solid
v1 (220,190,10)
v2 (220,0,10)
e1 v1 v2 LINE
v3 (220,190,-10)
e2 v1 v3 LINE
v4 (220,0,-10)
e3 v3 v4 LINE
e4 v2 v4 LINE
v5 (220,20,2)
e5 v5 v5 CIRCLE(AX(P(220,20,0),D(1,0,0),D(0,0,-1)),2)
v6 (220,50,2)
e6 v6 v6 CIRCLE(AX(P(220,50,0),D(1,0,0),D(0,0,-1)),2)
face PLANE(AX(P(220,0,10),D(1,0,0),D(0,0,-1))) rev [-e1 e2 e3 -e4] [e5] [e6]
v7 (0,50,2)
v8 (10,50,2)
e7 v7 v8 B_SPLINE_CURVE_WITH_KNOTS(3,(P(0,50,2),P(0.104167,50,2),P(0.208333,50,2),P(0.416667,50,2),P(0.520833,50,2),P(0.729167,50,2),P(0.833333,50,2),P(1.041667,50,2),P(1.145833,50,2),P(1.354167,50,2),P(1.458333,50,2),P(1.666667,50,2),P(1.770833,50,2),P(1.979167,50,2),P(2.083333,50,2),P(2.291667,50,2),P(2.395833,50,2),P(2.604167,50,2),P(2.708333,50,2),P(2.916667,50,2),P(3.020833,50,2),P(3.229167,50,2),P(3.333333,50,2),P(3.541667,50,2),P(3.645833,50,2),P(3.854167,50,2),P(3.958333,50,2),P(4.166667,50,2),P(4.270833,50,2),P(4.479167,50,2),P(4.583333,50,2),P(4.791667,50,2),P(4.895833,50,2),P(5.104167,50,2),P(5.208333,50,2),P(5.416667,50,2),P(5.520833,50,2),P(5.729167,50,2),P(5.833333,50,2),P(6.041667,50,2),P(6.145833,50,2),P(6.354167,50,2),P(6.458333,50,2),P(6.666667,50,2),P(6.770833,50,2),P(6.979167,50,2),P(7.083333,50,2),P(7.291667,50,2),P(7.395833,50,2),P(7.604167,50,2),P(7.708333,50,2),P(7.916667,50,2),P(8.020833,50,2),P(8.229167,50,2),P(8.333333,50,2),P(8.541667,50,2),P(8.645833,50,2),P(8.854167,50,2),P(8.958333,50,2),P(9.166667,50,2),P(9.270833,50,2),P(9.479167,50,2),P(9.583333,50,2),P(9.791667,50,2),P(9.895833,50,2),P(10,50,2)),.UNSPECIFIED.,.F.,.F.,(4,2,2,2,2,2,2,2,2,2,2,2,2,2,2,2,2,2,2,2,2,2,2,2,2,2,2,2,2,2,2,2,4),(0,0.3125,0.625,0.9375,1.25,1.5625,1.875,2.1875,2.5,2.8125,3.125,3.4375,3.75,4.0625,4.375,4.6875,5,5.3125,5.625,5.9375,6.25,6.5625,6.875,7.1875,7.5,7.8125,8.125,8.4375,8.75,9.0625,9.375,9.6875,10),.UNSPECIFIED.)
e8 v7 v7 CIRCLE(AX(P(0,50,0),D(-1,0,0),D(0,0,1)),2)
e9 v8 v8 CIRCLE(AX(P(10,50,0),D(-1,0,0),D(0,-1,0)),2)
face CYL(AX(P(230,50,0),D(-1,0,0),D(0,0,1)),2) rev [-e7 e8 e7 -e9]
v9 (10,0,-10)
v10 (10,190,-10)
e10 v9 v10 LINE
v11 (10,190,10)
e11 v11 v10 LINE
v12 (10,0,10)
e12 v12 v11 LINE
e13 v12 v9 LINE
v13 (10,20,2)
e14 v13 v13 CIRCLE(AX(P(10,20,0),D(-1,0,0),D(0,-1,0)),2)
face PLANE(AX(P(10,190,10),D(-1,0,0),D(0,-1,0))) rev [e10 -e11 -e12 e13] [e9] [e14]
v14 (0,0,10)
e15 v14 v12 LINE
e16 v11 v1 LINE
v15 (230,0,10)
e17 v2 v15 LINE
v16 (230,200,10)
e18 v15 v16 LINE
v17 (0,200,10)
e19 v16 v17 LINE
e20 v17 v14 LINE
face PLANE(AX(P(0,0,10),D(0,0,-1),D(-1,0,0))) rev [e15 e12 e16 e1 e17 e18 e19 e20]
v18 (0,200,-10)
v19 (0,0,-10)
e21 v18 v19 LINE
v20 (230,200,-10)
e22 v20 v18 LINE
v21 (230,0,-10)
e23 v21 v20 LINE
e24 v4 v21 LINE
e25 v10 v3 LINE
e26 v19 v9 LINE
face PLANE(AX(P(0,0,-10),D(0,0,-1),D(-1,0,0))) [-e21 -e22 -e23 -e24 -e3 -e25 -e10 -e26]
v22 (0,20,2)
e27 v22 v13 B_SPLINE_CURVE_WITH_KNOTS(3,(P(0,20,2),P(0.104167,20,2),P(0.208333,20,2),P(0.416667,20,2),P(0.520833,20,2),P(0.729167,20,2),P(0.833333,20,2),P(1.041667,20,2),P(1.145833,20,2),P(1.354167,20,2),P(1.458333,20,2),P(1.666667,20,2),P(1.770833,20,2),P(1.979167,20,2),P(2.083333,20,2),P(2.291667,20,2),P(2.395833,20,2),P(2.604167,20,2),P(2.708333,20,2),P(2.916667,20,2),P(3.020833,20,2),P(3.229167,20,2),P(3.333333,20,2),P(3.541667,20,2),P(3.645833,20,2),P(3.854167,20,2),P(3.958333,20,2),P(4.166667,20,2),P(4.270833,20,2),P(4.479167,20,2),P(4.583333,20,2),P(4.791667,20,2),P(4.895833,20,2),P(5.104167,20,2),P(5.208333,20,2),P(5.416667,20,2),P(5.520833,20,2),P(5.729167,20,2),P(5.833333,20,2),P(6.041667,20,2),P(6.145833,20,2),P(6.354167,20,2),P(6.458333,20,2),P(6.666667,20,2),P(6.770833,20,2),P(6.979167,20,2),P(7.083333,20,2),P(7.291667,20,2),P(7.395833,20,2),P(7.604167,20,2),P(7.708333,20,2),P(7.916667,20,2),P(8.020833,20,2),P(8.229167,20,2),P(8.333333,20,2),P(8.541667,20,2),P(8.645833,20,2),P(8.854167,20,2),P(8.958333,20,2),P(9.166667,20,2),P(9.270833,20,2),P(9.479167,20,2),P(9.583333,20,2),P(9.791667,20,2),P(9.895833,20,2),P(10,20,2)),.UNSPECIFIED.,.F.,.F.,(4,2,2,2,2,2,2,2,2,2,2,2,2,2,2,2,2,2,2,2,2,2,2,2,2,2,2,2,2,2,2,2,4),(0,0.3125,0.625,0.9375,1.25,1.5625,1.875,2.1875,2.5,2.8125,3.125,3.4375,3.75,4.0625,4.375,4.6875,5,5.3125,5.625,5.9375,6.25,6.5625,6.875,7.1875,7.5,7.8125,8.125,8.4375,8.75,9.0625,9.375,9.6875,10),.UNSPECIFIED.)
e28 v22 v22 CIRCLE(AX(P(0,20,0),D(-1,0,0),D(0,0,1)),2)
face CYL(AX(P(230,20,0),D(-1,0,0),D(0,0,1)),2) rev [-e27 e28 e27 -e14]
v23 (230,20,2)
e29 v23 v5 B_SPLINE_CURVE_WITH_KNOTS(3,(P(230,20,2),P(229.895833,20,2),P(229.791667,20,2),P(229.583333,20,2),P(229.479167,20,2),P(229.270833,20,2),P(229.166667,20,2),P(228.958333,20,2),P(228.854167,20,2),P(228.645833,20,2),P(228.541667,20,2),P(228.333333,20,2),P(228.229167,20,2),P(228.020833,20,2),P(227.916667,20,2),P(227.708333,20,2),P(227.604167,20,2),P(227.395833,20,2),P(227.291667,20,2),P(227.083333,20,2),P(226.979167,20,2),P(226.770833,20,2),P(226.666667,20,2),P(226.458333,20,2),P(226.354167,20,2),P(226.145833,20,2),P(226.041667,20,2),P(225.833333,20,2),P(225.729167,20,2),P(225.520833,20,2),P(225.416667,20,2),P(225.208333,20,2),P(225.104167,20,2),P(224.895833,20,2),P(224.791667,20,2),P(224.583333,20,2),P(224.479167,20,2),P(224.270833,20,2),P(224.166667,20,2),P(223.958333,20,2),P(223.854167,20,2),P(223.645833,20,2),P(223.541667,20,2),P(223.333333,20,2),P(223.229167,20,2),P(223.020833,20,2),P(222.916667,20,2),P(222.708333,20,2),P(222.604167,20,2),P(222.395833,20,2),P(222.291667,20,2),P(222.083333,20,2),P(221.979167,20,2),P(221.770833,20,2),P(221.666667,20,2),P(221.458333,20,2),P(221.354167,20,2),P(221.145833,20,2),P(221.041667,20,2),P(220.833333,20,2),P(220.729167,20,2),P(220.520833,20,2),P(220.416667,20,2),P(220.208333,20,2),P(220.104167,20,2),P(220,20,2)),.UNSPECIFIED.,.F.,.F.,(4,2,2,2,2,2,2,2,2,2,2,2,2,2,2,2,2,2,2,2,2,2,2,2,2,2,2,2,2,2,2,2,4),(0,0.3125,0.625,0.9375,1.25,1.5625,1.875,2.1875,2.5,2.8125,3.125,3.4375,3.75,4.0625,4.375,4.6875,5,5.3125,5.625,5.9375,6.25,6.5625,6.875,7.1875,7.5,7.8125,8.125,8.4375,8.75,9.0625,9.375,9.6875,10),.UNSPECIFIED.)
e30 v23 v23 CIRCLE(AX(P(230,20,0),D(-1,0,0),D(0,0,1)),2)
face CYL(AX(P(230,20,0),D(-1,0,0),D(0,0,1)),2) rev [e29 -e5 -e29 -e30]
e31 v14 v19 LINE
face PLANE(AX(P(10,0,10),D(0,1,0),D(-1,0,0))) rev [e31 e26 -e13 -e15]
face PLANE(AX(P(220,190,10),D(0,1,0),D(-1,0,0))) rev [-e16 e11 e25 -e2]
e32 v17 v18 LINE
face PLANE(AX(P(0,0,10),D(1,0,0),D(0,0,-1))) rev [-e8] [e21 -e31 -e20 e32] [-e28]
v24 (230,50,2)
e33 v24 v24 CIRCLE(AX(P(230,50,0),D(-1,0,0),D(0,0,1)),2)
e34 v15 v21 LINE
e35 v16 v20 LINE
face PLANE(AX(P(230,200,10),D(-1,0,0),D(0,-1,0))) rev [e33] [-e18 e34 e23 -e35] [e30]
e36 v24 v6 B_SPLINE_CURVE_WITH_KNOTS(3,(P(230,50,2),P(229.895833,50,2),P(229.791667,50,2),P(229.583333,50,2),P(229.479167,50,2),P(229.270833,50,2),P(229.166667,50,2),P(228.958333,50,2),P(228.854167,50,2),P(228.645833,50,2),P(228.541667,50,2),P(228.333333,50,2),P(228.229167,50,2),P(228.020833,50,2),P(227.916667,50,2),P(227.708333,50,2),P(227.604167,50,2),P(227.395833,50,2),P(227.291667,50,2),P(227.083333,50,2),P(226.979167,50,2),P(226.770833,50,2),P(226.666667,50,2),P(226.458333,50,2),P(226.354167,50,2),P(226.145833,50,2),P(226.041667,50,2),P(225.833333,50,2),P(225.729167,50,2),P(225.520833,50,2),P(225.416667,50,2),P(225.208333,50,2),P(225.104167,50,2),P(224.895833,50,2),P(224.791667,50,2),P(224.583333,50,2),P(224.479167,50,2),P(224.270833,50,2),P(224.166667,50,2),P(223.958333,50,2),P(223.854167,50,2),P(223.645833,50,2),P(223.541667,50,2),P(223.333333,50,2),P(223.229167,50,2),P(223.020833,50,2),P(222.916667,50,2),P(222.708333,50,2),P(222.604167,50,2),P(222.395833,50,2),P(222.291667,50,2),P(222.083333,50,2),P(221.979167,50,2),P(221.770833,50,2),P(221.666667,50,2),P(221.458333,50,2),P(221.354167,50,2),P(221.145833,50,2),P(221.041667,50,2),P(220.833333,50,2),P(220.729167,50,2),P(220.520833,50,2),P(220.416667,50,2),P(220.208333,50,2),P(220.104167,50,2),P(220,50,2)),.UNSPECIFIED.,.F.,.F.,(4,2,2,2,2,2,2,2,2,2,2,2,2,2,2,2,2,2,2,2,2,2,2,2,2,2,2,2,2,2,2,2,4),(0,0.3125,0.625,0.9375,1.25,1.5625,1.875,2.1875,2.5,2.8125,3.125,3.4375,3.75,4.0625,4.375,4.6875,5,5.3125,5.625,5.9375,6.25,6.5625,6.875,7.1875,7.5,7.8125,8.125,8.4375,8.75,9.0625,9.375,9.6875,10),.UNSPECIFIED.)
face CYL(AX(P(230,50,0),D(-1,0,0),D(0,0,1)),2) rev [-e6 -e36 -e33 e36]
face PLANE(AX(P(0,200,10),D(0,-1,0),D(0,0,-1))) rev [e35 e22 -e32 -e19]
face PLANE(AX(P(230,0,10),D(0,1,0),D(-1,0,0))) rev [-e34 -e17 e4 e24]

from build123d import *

# Parameters (mm, degrees)
BOSS_EXTRUDE1_DEPTH = 10
SKETCH2_R           = 2
CUT_EXTRUDE1_DEPTH  = 305.95901364


with BuildPart() as part:
    # Sketch1 → Boss-Extrude1 (new, symmetric)
    with BuildSketch(Plane.XY):
        Polygon((0, 0), (0, 200), (230, 200), (230, 0), (220, 0), (220, 190), (10, 190), (10, 0), align=None)
    extrude(amount=BOSS_EXTRUDE1_DEPTH, both=True)

    # Sketch2 → Cut-Extrude1 (cut, through all)
    with BuildSketch(Plane.ZY):
        with Locations((0, 20)):
            Circle(SKETCH2_R)
        with Locations((0, 50)):
            Circle(SKETCH2_R)
    extrude(amount=-CUT_EXTRUDE1_DEPTH, mode=Mode.SUBTRACT)


solid = part.part
